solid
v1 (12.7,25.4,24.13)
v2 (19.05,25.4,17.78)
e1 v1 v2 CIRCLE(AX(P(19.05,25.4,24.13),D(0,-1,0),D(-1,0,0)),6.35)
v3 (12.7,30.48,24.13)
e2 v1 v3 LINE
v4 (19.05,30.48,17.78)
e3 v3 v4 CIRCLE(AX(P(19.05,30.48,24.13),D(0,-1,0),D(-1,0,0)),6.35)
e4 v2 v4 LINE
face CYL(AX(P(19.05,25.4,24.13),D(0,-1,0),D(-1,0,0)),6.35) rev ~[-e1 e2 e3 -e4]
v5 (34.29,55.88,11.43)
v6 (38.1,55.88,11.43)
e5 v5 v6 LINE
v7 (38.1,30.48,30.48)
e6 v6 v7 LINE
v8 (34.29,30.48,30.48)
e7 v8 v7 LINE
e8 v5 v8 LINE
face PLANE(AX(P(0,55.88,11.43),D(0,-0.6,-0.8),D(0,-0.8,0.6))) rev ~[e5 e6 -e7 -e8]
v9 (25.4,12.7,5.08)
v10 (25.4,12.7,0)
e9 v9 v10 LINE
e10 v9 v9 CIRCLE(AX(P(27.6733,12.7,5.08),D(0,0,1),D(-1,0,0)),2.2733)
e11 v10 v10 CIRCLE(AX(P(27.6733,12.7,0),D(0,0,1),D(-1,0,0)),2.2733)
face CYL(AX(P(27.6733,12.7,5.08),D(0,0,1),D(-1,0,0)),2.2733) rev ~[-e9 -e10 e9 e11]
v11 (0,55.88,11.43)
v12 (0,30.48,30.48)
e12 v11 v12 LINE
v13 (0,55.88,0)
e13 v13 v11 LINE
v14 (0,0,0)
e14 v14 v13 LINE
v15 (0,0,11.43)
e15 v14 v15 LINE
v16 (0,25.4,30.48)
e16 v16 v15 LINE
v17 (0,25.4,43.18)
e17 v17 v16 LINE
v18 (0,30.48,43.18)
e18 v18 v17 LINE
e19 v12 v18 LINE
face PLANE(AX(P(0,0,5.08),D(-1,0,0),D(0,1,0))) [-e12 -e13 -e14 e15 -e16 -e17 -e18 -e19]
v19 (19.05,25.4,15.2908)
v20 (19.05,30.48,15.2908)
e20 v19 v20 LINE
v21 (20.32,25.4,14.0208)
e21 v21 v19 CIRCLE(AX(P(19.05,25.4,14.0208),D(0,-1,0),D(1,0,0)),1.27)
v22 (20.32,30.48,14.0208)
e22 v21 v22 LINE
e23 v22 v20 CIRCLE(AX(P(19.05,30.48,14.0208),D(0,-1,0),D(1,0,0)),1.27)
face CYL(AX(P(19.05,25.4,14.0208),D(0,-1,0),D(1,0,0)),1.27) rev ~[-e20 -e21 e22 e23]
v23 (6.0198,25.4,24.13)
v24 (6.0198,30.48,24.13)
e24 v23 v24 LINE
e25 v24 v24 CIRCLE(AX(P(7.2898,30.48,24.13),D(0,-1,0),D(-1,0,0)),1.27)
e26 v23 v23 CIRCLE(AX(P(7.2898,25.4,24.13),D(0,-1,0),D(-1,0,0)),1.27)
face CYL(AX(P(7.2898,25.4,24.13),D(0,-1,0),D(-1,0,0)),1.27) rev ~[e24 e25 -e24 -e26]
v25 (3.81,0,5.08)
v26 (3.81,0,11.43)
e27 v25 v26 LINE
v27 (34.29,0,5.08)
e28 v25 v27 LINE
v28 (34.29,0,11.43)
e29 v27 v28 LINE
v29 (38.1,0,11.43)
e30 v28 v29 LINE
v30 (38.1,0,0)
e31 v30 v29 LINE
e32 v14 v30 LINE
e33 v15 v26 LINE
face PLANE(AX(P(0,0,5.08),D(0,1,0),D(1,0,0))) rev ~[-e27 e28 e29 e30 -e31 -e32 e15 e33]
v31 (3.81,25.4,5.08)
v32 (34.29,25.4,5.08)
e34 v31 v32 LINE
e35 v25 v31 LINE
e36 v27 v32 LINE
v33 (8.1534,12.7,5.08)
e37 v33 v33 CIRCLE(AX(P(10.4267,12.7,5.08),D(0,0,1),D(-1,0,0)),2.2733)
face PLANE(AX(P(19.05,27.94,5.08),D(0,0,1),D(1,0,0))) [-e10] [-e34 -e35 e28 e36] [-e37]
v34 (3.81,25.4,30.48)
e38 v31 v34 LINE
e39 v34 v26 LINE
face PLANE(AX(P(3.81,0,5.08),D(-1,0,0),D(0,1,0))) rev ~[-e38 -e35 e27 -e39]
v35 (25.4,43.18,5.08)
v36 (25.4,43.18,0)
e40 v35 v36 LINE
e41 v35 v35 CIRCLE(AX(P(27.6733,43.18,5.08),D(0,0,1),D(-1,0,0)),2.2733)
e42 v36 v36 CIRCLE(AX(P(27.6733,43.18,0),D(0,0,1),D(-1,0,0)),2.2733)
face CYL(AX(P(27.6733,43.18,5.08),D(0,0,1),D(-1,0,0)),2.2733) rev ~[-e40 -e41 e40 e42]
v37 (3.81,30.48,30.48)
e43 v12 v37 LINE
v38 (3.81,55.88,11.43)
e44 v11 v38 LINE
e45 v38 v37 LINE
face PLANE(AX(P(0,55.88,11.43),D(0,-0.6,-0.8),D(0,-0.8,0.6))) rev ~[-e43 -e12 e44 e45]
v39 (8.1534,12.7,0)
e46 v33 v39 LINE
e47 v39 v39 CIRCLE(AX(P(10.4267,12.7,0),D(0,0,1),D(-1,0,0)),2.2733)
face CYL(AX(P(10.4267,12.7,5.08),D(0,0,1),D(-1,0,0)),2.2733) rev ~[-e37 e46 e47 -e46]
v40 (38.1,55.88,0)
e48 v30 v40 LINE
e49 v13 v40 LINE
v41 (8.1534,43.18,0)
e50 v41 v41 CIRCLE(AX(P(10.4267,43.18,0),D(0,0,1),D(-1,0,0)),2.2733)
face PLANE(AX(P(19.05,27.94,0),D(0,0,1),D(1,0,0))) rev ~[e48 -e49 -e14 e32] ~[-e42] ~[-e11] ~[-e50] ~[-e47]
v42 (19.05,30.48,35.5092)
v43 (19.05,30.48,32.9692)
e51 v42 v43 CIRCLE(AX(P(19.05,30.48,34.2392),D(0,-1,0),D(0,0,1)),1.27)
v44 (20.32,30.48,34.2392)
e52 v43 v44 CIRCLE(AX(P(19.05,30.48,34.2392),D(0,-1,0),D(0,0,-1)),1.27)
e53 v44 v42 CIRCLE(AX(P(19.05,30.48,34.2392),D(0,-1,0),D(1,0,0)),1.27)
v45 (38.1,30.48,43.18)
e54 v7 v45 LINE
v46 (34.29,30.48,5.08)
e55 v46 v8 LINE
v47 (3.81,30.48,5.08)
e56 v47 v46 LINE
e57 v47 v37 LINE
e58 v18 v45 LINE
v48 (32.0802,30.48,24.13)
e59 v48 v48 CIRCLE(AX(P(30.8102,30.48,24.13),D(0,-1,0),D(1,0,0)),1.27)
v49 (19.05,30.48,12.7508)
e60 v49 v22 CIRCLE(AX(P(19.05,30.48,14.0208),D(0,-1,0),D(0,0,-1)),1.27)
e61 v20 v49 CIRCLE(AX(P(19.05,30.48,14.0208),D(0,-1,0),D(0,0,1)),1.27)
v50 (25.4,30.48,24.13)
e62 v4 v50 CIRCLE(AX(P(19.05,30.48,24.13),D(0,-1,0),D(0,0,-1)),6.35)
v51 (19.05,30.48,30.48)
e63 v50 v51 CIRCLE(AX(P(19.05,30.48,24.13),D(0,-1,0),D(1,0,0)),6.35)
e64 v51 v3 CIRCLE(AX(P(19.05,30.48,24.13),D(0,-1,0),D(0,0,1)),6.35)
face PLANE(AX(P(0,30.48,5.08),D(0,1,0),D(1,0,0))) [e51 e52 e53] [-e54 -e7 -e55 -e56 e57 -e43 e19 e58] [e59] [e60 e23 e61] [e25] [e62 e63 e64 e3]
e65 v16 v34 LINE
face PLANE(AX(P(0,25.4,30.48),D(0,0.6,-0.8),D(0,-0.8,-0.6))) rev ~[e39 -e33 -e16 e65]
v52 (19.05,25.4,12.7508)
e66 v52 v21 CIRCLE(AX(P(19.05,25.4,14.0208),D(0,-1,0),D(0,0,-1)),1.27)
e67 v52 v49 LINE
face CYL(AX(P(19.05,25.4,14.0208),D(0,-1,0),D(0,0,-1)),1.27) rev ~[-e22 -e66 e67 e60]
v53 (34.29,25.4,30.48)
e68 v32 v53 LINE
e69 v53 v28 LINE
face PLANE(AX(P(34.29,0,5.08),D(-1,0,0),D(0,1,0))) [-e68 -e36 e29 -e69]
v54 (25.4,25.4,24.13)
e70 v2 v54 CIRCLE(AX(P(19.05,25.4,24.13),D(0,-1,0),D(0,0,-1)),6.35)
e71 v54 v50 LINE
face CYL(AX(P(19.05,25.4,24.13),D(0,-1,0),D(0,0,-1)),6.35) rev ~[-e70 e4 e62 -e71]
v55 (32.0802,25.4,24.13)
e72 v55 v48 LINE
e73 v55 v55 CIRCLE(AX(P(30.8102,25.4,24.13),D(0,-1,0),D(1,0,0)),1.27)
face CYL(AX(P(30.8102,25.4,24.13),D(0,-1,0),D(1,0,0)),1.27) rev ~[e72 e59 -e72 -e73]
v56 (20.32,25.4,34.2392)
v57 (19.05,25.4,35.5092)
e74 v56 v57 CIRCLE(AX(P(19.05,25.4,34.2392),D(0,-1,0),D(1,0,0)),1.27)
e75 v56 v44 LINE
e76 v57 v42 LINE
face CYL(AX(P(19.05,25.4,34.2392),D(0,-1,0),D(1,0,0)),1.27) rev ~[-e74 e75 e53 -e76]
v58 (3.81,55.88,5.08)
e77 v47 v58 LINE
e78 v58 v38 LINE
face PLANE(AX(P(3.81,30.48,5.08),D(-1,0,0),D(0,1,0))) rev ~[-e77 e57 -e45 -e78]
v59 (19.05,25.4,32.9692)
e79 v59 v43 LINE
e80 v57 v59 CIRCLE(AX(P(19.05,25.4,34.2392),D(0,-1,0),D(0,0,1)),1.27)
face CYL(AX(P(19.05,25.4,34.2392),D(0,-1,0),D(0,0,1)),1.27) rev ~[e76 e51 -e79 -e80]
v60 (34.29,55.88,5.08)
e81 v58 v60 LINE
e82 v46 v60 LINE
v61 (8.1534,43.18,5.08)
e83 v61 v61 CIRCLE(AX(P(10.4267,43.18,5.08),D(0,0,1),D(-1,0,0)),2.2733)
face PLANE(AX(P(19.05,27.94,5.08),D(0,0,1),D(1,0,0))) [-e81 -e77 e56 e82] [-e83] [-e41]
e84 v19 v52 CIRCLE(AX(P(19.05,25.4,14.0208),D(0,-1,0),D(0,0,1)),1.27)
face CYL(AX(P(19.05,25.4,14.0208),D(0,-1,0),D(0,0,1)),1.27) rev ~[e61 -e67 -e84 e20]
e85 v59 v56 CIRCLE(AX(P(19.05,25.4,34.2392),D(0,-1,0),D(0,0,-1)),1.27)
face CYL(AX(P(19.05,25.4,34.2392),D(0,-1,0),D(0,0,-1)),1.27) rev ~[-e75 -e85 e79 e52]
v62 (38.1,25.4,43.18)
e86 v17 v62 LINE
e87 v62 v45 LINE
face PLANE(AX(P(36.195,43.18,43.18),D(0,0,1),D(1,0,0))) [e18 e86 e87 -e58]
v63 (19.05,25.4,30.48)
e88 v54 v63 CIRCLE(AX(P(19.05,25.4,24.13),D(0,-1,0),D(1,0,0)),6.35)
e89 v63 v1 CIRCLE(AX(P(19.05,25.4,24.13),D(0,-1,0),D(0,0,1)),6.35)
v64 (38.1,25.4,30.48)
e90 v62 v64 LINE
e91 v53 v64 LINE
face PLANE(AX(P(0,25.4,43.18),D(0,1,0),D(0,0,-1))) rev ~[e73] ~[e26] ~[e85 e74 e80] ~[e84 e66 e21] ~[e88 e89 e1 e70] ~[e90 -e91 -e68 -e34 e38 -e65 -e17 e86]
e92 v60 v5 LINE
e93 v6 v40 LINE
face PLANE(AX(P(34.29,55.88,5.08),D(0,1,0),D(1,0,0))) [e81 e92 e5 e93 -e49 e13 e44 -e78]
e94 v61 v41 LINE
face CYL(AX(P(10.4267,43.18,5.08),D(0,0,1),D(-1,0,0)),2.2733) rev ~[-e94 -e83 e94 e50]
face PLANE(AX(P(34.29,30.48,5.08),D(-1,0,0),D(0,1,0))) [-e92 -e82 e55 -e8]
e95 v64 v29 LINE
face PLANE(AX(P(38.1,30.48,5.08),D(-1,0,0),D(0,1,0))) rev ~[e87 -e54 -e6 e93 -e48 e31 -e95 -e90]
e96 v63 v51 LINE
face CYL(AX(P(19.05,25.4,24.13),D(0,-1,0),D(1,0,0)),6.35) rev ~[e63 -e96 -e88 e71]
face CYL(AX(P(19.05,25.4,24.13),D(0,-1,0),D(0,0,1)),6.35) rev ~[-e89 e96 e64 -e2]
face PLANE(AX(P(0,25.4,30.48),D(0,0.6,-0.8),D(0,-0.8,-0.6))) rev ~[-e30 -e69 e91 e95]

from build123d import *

# Parameters (mm, degrees)
F0_W      = 38.1
F0_H      = 55.88
F1_DEPTH  = 5.08
F2_W      = 38.1
F2_H      = 2.54
F3_DEPTH  = 38.1
F5_W      = 3.81
F5_H      = 25.4
F6_DEPTH  = 38.1
F7_W      = 3.81
F7_H      = 25.4
F8_DEPTH  = 38.1
F10_DEPTH = 127
F11_DEPTH = 25.4
F12_DEPTH = 25.4
F14_DEPTH = 25.4
F16_DEPTH = 25.4


with BuildPart() as f1:
    # F0 (on Top) → F1 (new body)
    with BuildSketch(Plane.XY):
        with Locations((19.05, 27.94)):
            Rectangle(F0_W, F0_H)
    extrude(amount=F1_DEPTH)

    # F2 (on face) → F3 (join)
    with BuildSketch(Plane.XY.offset(5.08)):
        with Locations((19.05, 29.21)):
            Rectangle(F2_W, F2_H)
        with Locations((19.05, 26.67)):
            Rectangle(F2_W, F2_H)
    extrude(amount=F3_DEPTH)

    # F5 (on face) → F6 (join)
    with BuildSketch(Plane.XY.offset(5.08)):
        with Locations((1.905, 12.7)):
            Rectangle(F5_W, F5_H)
        with Locations((36.195, 12.7)):
            Rectangle(F5_W, F5_H)
    extrude(amount=F6_DEPTH)

    # F7 (on face) → F8 (join)
    with BuildSketch(Plane.XY.offset(5.08)):
        with Locations((36.195, 43.18)):
            Rectangle(F7_W, F7_H)
        with Locations((1.905, 43.18)):
            Rectangle(F7_W, F7_H)
    extrude(amount=F8_DEPTH)

    # F9 (on face) → F10 (cut)
    with BuildSketch(Plane(origin=(0, 0, 0), x_dir=(0, -1, 0), z_dir=(-1, 0, 0))):
        Polygon((-55.88, 43.18), (-55.88, 11.43), (-30.48, 30.48), (-30.48, 43.18), align=None)
        Polygon((0, 43.18), (-25.4, 43.18), (-25.4, 30.48), (0, 11.43), align=None)
    extrude(amount=-F10_DEPTH, mode=Mode.SUBTRACT)

    # F4 (on face) → F11 (cut)
    with BuildSketch(Plane.XZ.offset(-25.4)):
        with BuildLine():
            ThreePointArc((19.05, 15.2908), (17.78, 14.0208), (19.05, 12.7508))
            Line((19.05, 12.7508), (19.05, 15.2908))
        make_face()
        with BuildLine():
            Line((19.05, 15.2908), (19.05, 12.7508))
            ThreePointArc((19.05, 12.7508), (19.9480256121, 13.1227743879), (20.32, 14.0208))
            ThreePointArc((20.32, 14.0208), (19.9480256121, 14.9188256121), (19.05, 15.2908))
        make_face()
        with BuildLine():
            ThreePointArc((29.5402, 24.13), (30.8102, 22.86), (32.0802, 24.13))
            Line((32.0802, 24.13), (29.5402, 24.13))
        make_face()
        with BuildLine():
            Line((29.5402, 24.13), (32.0802, 24.13))
            ThreePointArc((32.0802, 24.13), (30.8102, 25.4), (29.5402, 24.13))
        make_face()
        with BuildLine():
            ThreePointArc((20.32, 34.2392), (19.9480256121, 35.1372256121), (19.05, 35.5092))
            Line((19.05, 35.5092), (19.05, 32.9692))
            ThreePointArc((19.05, 32.9692), (19.9480256121, 33.3411743879), (20.32, 34.2392))
        make_face()
        with BuildLine():
            Line((19.05, 32.9692), (19.05, 35.5092))
            ThreePointArc((19.05, 35.5092), (17.78, 34.2392), (19.05, 32.9692))
        make_face()
        with BuildLine():
            ThreePointArc((8.5598, 24.13), (7.2898, 25.4), (6.0198, 24.13))
            Line((6.0198, 24.13), (8.5598, 24.13))
        make_face()
        with BuildLine():
            Line((8.5598, 24.13), (6.0198, 24.13))
            ThreePointArc((6.0198, 24.13), (7.2898, 22.86), (8.5598, 24.13))
        make_face()
    extrude(amount=-F11_DEPTH, mode=Mode.SUBTRACT)

    # F4 (on face) → F12 (cut)
    with BuildSketch(Plane.XZ.offset(-25.4)):
        with BuildLine():
            Line((19.05, 26.162), (19.05, 30.48))
            ThreePointArc((19.05, 30.48), (14.5598719395, 28.6201280605), (12.7, 24.13))
            Line((12.7, 24.13), (17.018, 24.13))
            ThreePointArc((17.018, 24.13), (17.6131590206, 25.5668409794), (19.05, 26.162))
        make_face()
        with BuildLine():
            ThreePointArc((25.4, 24.13), (23.5401280605, 28.6201280605), (19.05, 30.48))
            Line((19.05, 30.48), (19.05, 26.162))
            ThreePointArc((19.05, 26.162), (20.4868409794, 25.5668409794), (21.082, 24.13))
            Line((21.082, 24.13), (25.4, 24.13))
        make_face()
        with BuildLine():
            ThreePointArc((21.082, 24.13), (20.4868409794, 25.5668409794), (19.05, 26.162))
            Line((19.05, 26.162), (19.05, 24.13))
            Line((19.05, 24.13), (21.082, 24.13))
        make_face()
        with BuildLine():
            Line((19.05, 24.13), (19.05, 26.162))
            ThreePointArc((19.05, 26.162), (17.6131590206, 25.5668409794), (17.018, 24.13))
            Line((17.018, 24.13), (19.05, 24.13))
        make_face()
        with BuildLine():
            Line((17.018, 24.13), (12.7, 24.13))
            ThreePointArc((12.7, 24.13), (14.5598719395, 19.6398719395), (19.05, 17.78))
            Line((19.05, 17.78), (19.05, 22.098))
            ThreePointArc((19.05, 22.098), (17.6131590206, 22.6931590206), (17.018, 24.13))
        make_face()
        with BuildLine():
            Line((19.05, 24.13), (17.018, 24.13))
            ThreePointArc((17.018, 24.13), (17.6131590206, 22.6931590206), (19.05, 22.098))
            Line((19.05, 22.098), (19.05, 24.13))
        make_face()
        with BuildLine():
            Line((21.082, 24.13), (19.05, 24.13))
            Line((19.05, 24.13), (19.05, 22.098))
            ThreePointArc((19.05, 22.098), (20.4868409794, 22.6931590206), (21.082, 24.13))
        make_face()
        with BuildLine():
            ThreePointArc((19.05, 17.78), (23.5401280605, 19.6398719395), (25.4, 24.13))
            Line((25.4, 24.13), (21.082, 24.13))
            ThreePointArc((21.082, 24.13), (20.4868409794, 22.6931590206), (19.05, 22.098))
            Line((19.05, 22.098), (19.05, 17.78))
        make_face()
    extrude(amount=-F12_DEPTH, mode=Mode.SUBTRACT)

    # F13 (on face) → F14 (cut)
    with BuildSketch(Plane.XY.offset(5.08)):
        with BuildLine():
            ThreePointArc((12.7, 12.7), (10.4267, 14.9733), (8.1534, 12.7))
            Line((8.1534, 12.7), (12.7, 12.7))
        make_face()
        with BuildLine():
            Line((12.7, 12.7), (8.1534, 12.7))
            ThreePointArc((8.1534, 12.7), (10.4267, 10.4267), (12.7, 12.7))
        make_face()
        with BuildLine():
            ThreePointArc((29.9466, 12.7), (27.6733, 14.9733), (25.4, 12.7))
            Line((25.4, 12.7), (29.9466, 12.7))
        make_face()
        with BuildLine():
            Line((29.9466, 12.7), (25.4, 12.7))
            ThreePointArc((25.4, 12.7), (27.6733, 10.4267), (29.9466, 12.7))
        make_face()
    extrude(amount=-F14_DEPTH, mode=Mode.SUBTRACT)

    # F15 (on face) → F16 (cut)
    with BuildSketch(Plane.XY.offset(5.08)):
        with BuildLine():
            ThreePointArc((12.7, 43.18), (10.4267, 45.4533), (8.1534, 43.18))
            Line((8.1534, 43.18), (12.7, 43.18))
        make_face()
        with BuildLine():
            Line((12.7, 43.18), (8.1534, 43.18))
            ThreePointArc((8.1534, 43.18), (10.4267, 40.9067), (12.7, 43.18))
        make_face()
        with BuildLine():
            ThreePointArc((29.9466, 43.18), (27.6733, 45.4533), (25.4, 43.18))
            Line((25.4, 43.18), (29.9466, 43.18))
        make_face()
        with BuildLine():
            Line((29.9466, 43.18), (25.4, 43.18))
            ThreePointArc((25.4, 43.18), (27.6733, 40.9067), (29.9466, 43.18))
        make_face()
    extrude(amount=-F16_DEPTH, mode=Mode.SUBTRACT)


solid = f1.part
